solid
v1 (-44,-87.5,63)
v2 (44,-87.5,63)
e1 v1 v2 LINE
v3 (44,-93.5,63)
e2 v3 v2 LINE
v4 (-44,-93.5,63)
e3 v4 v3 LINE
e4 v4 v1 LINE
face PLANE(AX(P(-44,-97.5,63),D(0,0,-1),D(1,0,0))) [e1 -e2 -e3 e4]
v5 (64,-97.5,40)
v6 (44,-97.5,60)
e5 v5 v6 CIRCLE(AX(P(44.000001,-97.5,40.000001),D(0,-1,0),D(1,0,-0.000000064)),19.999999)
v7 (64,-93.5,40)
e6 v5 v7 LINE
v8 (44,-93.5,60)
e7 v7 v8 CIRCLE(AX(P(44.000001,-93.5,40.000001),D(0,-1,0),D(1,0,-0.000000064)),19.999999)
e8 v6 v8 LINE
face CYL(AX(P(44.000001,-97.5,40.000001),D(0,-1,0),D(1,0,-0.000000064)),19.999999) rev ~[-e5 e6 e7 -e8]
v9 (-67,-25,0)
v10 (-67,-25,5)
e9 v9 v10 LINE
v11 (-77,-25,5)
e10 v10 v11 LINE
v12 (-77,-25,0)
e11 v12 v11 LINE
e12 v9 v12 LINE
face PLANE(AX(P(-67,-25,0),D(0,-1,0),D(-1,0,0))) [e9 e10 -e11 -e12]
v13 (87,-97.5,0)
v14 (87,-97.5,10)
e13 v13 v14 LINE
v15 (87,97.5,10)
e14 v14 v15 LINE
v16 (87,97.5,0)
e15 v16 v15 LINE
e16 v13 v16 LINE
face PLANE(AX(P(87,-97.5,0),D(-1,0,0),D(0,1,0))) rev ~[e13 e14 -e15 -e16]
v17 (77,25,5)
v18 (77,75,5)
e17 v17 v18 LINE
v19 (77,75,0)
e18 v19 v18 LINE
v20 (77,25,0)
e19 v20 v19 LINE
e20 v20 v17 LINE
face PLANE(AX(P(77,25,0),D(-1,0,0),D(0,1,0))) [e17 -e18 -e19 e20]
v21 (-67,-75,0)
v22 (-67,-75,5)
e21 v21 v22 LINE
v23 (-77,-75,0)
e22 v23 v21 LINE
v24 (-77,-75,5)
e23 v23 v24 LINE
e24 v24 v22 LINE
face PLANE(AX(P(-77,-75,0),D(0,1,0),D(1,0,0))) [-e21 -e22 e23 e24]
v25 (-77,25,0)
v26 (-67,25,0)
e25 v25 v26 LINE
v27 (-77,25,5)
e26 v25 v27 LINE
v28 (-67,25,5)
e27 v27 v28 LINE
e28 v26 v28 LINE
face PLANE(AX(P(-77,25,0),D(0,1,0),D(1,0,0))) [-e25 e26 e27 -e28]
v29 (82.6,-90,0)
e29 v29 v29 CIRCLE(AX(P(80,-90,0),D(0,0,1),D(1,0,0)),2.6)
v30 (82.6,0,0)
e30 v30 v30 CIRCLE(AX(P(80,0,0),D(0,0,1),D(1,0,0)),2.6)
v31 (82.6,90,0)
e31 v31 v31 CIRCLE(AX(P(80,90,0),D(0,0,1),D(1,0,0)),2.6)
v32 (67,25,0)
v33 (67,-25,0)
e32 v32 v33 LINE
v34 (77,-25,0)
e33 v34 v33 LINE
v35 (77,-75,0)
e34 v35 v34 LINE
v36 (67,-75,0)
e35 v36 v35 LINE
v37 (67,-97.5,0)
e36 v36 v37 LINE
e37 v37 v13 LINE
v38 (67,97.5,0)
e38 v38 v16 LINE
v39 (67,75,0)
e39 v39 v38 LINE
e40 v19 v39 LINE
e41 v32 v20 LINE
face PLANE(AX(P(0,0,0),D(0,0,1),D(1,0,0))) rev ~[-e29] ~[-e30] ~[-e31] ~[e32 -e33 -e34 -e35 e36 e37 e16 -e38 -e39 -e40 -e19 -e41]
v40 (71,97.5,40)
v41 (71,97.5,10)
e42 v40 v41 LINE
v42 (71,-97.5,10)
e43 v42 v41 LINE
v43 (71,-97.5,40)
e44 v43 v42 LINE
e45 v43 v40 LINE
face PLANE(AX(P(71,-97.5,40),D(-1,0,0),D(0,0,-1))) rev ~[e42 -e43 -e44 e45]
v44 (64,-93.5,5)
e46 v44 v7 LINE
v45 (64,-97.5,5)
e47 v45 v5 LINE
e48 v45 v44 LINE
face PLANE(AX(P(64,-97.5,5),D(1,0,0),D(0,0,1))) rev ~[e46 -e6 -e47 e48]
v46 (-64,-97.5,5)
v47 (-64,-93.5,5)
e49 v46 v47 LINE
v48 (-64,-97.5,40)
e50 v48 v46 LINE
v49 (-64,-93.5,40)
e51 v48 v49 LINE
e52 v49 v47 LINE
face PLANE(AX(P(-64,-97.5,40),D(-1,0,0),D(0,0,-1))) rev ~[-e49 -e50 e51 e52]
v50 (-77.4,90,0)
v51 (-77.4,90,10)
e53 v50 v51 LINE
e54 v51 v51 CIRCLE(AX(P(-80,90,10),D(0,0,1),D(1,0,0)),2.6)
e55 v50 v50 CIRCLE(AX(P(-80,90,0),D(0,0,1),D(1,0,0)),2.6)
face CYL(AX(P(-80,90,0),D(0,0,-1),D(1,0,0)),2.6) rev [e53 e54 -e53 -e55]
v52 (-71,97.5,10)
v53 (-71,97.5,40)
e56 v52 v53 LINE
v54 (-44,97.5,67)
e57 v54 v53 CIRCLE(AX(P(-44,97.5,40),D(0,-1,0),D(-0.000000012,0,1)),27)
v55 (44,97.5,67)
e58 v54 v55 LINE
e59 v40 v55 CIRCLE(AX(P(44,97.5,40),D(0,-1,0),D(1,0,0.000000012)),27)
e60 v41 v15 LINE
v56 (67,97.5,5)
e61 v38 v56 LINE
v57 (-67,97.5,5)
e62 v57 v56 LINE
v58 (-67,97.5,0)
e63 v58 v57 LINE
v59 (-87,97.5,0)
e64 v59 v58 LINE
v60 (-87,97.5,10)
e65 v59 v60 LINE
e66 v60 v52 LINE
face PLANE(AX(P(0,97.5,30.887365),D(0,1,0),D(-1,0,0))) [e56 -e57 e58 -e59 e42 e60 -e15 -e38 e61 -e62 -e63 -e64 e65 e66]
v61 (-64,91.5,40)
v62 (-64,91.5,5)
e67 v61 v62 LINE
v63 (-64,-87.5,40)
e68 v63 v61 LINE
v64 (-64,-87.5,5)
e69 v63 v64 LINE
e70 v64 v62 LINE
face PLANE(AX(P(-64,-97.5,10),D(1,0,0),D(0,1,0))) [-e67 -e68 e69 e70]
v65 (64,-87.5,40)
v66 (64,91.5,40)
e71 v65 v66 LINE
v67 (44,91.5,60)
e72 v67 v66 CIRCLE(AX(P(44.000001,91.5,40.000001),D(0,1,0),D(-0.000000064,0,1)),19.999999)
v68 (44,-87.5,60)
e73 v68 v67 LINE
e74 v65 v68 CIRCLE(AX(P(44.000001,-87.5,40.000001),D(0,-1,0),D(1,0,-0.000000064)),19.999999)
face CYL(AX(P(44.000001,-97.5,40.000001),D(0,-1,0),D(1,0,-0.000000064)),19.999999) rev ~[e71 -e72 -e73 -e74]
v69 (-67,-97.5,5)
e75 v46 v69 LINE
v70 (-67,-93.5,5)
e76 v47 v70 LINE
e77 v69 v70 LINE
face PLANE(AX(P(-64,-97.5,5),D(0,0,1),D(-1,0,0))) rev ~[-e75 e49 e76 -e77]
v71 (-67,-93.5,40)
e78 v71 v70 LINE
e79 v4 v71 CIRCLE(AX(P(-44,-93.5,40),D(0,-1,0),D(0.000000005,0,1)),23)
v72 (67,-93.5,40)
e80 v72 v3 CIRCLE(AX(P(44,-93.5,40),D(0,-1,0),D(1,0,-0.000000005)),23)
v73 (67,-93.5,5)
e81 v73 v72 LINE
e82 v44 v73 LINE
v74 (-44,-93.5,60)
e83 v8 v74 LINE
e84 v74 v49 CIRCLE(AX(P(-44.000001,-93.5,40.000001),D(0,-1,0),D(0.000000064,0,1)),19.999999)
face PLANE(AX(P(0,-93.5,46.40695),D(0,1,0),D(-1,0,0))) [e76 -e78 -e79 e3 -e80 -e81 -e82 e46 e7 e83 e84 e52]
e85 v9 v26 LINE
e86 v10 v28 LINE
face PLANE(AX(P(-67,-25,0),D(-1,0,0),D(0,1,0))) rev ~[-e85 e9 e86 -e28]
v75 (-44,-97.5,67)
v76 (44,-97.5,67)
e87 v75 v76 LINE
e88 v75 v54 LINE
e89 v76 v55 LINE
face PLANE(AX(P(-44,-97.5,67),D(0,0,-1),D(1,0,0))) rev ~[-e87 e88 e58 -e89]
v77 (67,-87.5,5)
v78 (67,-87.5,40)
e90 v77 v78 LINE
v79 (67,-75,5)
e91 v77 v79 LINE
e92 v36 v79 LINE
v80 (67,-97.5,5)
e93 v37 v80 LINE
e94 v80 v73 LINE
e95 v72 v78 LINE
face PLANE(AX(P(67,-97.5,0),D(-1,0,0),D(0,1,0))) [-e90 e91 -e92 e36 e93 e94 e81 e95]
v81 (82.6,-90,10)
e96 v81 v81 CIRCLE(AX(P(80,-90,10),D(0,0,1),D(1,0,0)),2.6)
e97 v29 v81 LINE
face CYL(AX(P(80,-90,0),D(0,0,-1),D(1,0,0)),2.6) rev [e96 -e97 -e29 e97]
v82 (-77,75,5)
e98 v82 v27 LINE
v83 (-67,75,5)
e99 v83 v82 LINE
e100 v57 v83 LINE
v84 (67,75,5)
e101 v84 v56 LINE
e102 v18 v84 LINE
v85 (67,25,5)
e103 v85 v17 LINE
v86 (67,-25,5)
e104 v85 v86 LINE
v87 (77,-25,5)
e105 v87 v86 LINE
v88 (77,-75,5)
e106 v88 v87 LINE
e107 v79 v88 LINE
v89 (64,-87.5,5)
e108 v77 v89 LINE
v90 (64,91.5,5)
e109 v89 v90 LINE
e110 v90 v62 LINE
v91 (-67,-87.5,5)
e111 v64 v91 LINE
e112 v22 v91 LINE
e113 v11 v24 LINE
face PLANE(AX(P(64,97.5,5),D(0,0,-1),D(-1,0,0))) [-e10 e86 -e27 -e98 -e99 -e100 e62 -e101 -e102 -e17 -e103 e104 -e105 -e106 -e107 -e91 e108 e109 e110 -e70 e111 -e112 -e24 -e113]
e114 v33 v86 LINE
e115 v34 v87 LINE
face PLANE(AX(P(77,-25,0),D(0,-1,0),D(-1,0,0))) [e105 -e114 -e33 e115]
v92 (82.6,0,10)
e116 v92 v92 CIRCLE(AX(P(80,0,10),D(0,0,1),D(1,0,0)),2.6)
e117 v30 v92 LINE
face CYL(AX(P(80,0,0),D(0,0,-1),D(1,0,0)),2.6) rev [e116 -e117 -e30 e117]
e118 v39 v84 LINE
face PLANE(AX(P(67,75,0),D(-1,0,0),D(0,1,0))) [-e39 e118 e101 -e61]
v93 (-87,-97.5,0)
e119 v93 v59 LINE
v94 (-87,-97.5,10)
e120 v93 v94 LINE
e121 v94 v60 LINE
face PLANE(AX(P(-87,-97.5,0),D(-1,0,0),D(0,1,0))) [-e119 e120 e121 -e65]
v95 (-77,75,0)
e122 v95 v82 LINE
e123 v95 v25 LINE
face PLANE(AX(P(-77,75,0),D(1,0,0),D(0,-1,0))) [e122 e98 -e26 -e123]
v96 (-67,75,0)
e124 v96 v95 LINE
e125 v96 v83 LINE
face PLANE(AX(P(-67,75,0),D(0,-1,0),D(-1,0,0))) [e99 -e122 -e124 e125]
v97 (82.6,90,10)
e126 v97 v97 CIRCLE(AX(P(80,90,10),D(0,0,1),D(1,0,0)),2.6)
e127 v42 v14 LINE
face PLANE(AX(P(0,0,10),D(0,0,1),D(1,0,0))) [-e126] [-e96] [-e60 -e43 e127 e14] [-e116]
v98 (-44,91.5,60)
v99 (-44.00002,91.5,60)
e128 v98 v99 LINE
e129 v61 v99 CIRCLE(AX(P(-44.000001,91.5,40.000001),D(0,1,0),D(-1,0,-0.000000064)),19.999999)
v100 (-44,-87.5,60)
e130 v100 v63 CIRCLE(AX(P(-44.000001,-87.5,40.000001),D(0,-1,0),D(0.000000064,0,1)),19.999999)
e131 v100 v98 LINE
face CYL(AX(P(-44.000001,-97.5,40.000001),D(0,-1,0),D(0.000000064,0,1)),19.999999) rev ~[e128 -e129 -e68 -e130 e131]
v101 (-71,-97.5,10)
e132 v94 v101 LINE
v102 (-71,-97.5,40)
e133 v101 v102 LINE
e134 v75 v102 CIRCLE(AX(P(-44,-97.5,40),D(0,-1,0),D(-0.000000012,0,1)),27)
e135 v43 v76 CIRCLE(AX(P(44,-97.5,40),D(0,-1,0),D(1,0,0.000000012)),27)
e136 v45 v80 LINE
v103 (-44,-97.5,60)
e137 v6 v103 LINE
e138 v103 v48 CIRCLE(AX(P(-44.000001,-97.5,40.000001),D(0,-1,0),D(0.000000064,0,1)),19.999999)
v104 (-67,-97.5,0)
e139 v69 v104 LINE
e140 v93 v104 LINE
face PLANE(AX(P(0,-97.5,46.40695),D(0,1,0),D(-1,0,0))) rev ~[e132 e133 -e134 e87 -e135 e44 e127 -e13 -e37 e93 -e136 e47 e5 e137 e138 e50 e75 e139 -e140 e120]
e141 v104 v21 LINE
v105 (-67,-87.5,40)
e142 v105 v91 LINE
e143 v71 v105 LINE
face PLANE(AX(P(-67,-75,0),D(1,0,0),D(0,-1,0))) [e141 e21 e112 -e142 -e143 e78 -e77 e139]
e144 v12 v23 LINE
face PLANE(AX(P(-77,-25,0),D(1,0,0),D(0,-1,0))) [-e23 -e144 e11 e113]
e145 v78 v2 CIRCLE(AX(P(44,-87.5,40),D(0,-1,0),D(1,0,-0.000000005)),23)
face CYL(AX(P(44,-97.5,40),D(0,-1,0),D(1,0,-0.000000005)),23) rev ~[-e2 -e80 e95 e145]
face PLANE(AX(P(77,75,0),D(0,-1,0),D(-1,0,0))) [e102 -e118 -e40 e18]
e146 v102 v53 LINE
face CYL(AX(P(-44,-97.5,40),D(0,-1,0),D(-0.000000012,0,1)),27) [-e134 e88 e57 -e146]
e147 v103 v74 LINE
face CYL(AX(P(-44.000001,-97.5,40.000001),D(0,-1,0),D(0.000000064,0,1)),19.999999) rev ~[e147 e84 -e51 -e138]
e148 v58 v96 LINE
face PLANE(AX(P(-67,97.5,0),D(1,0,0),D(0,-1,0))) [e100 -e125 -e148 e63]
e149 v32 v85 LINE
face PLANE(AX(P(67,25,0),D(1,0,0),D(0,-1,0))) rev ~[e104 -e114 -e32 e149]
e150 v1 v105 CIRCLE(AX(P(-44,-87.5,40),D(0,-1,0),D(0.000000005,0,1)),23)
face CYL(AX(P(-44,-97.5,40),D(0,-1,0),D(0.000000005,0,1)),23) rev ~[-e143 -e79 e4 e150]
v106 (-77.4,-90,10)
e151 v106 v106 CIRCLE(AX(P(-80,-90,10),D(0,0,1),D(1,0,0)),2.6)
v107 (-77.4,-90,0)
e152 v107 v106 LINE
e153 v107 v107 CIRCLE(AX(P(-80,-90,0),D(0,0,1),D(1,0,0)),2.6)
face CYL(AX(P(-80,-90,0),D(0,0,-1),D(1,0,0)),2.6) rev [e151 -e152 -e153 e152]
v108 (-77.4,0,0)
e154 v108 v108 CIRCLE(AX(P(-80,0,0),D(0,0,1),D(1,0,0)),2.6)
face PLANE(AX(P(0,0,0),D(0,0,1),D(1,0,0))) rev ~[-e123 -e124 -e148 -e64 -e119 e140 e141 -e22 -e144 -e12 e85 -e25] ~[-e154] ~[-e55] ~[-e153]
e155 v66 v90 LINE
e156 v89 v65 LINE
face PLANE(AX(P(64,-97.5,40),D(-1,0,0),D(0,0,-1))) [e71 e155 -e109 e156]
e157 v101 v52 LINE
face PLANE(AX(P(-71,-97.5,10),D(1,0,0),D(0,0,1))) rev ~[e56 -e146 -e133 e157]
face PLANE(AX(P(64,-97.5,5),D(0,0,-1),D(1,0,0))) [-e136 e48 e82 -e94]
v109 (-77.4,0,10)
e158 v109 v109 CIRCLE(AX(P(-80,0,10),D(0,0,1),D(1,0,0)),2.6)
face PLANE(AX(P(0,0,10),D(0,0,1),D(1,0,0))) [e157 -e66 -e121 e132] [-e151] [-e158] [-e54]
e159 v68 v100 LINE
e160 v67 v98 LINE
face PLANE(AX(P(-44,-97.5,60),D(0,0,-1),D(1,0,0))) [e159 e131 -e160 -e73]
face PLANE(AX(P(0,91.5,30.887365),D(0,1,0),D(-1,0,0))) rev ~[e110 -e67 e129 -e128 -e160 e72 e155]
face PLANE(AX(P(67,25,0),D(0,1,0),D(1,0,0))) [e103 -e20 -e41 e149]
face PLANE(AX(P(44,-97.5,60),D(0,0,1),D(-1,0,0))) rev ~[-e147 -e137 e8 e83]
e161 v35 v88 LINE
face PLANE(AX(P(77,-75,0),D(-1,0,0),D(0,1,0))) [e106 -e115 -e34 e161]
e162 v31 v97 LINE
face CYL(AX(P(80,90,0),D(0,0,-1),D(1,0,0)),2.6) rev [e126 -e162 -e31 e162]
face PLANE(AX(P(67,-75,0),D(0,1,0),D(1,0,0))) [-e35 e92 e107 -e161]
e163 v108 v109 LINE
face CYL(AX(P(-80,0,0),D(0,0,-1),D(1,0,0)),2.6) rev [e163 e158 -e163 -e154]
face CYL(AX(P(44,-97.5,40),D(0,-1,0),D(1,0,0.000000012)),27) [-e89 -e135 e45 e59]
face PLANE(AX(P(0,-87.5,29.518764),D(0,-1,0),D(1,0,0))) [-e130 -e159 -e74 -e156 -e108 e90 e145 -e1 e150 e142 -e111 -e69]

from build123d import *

# Parameters (mm, degrees)
SKETCH_W        = 174
SKETCH_H        = 195
SKETCH_R        = 2.6
PAD_DEPTH       = 10
PAD001_DEPTH    = 195
POCKET_DEPTH    = 5
POCKET_FACE10_W = 195
POCKET_FACE10_H = 128
POCKET001_DEPTH = 5
PAD003_DEPTH    = 6
POCKET003_DEPTH = 10
PAD006_DEPTH    = 4


with BuildPart() as part:
    # Sketch → Pad (new body)
    with BuildSketch(Plane.XY):
        Rectangle(SKETCH_W, SKETCH_H)
        with Locations((80, 90)):
            Circle(SKETCH_R, mode=Mode.SUBTRACT)
        with Locations((-80, 90)):
            Circle(SKETCH_R, mode=Mode.SUBTRACT)
        with Locations((-80, -90)):
            Circle(SKETCH_R, mode=Mode.SUBTRACT)
        with Locations((80, -90)):
            Circle(SKETCH_R, mode=Mode.SUBTRACT)
        with Locations((-80, 0)):
            Circle(SKETCH_R, mode=Mode.SUBTRACT)
        with Locations((80, 0)):
            Circle(SKETCH_R, mode=Mode.SUBTRACT)
    extrude(amount=PAD_DEPTH)

    # Sketch001 (on Face3 of Pad) → Pad001 (join)
    with BuildSketch(Plane.XZ.offset(97.5)):
        with BuildLine():
            Line((-64, 10), (-64, 40))
            ThreePointArc((-44, 60), (-58.142136, 54.142136), (-64, 40))
            Line((-44, 60), (44, 60))
            ThreePointArc((64, 40), (58.142136, 54.142136), (44, 60))
            Line((64, 40), (64, 10))
            Line((64, 10), (71, 10))
            Line((71, 40), (71, 10))
            ThreePointArc((71, 40), (63.091883, 59.091883), (44, 67))
            Line((-44, 67), (44, 67))
            ThreePointArc((-44, 67), (-63.091883, 59.091883), (-71, 40))
            Line((-71, 10), (-71, 40))
            Line((-64, 10), (-71, 10))
        make_face()
    extrude(amount=-PAD001_DEPTH)

    # Sketch003 (on Face4 of Pad001) → Pocket (cut)
    with BuildSketch(Plane(origin=(0, 0, 0), x_dir=(1, 0, 0), z_dir=(0, 0, -1))):
        Polygon((-67, 97.5), (67, 97.5), (67, 75), (77, 75), (77, 25), (67, 25), (67, 0), (67, -25), (77, -25), (77, -75), (67, -75), (67, -97.5), (-67, -97.5), (-67, -75), (-77, -75), (-77, -25), (-67, -25), (-67, 0), (-67, 25), (-77, 25), (-77, 75), (-67, 75), align=None)
    extrude(amount=-POCKET_DEPTH, mode=Mode.SUBTRACT)

    # Pocket Face10 → Pocket001 (cut)
    with BuildSketch(Plane(origin=(0, 0, 10), x_dir=(0, 1, 0), z_dir=(0, 0, 1))):
        Rectangle(POCKET_FACE10_W, POCKET_FACE10_H)
    extrude(amount=-POCKET001_DEPTH, mode=Mode.SUBTRACT)

    # Sketch005 (on Face6 of Pocket001) → Pad003 (join)
    with BuildSketch(Plane(origin=(0, 97.5, 0), x_dir=(-1, 0, 0), z_dir=(0, 1, 0))):
        with BuildLine():
            Line((-64, 5), (64, 5))
            Line((64, 40), (64, 5))
            ThreePointArc((64, 40), (58.142143, 54.142129), (44.00002, 60))
            Line((-44, 60), (44.00002, 60))
            ThreePointArc((-44, 60), (-58.142136, 54.142136), (-64, 40))
            Line((-64, 40), (-64, 5))
        make_face()
    extrude(amount=-PAD003_DEPTH)

    # Sketch006 (on Face30 of Pad003) → Pocket003 (cut)
    with BuildSketch(Plane.XZ.offset(97.5)):
        with BuildLine():
            ThreePointArc((-44, 63), (-60.263456, 56.263456), (-67, 40))
            Line((-67, 40), (-67, 0))
            Line((-67, 0), (67, 0))
            Line((67, 0), (67, 40))
            ThreePointArc((67, 40), (60.263456, 56.263456), (44, 63))
            Line((-44, 63), (44, 63))
        make_face()
    extrude(amount=-POCKET003_DEPTH, mode=Mode.SUBTRACT)

    # Sketch008 (on Face33 of Pocket003) → Pad006 (join)
    with BuildSketch(Plane.XZ.offset(97.5)):
        with BuildLine():
            Line((-44, 63), (44, 63))
            ThreePointArc((67, 40), (60.263456, 56.263456), (44, 63))
            Line((67, 5), (67, 40))
            Line((64, 5), (67, 5))
            Line((64, 5), (64, 40))
            ThreePointArc((64, 40), (58.142136, 54.142136), (44, 60))
            Line((44, 60), (-44, 60))
            ThreePointArc((-44, 60), (-58.142136, 54.142136), (-64, 40))
            Line((-64, 40), (-64, 5))
            Line((-64, 5), (-67, 5))
            Line((-67, 40), (-67, 5))
            ThreePointArc((-44, 63), (-60.263456, 56.263456), (-67, 40))
        make_face()
    extrude(amount=-PAD006_DEPTH)


solid = part.part
